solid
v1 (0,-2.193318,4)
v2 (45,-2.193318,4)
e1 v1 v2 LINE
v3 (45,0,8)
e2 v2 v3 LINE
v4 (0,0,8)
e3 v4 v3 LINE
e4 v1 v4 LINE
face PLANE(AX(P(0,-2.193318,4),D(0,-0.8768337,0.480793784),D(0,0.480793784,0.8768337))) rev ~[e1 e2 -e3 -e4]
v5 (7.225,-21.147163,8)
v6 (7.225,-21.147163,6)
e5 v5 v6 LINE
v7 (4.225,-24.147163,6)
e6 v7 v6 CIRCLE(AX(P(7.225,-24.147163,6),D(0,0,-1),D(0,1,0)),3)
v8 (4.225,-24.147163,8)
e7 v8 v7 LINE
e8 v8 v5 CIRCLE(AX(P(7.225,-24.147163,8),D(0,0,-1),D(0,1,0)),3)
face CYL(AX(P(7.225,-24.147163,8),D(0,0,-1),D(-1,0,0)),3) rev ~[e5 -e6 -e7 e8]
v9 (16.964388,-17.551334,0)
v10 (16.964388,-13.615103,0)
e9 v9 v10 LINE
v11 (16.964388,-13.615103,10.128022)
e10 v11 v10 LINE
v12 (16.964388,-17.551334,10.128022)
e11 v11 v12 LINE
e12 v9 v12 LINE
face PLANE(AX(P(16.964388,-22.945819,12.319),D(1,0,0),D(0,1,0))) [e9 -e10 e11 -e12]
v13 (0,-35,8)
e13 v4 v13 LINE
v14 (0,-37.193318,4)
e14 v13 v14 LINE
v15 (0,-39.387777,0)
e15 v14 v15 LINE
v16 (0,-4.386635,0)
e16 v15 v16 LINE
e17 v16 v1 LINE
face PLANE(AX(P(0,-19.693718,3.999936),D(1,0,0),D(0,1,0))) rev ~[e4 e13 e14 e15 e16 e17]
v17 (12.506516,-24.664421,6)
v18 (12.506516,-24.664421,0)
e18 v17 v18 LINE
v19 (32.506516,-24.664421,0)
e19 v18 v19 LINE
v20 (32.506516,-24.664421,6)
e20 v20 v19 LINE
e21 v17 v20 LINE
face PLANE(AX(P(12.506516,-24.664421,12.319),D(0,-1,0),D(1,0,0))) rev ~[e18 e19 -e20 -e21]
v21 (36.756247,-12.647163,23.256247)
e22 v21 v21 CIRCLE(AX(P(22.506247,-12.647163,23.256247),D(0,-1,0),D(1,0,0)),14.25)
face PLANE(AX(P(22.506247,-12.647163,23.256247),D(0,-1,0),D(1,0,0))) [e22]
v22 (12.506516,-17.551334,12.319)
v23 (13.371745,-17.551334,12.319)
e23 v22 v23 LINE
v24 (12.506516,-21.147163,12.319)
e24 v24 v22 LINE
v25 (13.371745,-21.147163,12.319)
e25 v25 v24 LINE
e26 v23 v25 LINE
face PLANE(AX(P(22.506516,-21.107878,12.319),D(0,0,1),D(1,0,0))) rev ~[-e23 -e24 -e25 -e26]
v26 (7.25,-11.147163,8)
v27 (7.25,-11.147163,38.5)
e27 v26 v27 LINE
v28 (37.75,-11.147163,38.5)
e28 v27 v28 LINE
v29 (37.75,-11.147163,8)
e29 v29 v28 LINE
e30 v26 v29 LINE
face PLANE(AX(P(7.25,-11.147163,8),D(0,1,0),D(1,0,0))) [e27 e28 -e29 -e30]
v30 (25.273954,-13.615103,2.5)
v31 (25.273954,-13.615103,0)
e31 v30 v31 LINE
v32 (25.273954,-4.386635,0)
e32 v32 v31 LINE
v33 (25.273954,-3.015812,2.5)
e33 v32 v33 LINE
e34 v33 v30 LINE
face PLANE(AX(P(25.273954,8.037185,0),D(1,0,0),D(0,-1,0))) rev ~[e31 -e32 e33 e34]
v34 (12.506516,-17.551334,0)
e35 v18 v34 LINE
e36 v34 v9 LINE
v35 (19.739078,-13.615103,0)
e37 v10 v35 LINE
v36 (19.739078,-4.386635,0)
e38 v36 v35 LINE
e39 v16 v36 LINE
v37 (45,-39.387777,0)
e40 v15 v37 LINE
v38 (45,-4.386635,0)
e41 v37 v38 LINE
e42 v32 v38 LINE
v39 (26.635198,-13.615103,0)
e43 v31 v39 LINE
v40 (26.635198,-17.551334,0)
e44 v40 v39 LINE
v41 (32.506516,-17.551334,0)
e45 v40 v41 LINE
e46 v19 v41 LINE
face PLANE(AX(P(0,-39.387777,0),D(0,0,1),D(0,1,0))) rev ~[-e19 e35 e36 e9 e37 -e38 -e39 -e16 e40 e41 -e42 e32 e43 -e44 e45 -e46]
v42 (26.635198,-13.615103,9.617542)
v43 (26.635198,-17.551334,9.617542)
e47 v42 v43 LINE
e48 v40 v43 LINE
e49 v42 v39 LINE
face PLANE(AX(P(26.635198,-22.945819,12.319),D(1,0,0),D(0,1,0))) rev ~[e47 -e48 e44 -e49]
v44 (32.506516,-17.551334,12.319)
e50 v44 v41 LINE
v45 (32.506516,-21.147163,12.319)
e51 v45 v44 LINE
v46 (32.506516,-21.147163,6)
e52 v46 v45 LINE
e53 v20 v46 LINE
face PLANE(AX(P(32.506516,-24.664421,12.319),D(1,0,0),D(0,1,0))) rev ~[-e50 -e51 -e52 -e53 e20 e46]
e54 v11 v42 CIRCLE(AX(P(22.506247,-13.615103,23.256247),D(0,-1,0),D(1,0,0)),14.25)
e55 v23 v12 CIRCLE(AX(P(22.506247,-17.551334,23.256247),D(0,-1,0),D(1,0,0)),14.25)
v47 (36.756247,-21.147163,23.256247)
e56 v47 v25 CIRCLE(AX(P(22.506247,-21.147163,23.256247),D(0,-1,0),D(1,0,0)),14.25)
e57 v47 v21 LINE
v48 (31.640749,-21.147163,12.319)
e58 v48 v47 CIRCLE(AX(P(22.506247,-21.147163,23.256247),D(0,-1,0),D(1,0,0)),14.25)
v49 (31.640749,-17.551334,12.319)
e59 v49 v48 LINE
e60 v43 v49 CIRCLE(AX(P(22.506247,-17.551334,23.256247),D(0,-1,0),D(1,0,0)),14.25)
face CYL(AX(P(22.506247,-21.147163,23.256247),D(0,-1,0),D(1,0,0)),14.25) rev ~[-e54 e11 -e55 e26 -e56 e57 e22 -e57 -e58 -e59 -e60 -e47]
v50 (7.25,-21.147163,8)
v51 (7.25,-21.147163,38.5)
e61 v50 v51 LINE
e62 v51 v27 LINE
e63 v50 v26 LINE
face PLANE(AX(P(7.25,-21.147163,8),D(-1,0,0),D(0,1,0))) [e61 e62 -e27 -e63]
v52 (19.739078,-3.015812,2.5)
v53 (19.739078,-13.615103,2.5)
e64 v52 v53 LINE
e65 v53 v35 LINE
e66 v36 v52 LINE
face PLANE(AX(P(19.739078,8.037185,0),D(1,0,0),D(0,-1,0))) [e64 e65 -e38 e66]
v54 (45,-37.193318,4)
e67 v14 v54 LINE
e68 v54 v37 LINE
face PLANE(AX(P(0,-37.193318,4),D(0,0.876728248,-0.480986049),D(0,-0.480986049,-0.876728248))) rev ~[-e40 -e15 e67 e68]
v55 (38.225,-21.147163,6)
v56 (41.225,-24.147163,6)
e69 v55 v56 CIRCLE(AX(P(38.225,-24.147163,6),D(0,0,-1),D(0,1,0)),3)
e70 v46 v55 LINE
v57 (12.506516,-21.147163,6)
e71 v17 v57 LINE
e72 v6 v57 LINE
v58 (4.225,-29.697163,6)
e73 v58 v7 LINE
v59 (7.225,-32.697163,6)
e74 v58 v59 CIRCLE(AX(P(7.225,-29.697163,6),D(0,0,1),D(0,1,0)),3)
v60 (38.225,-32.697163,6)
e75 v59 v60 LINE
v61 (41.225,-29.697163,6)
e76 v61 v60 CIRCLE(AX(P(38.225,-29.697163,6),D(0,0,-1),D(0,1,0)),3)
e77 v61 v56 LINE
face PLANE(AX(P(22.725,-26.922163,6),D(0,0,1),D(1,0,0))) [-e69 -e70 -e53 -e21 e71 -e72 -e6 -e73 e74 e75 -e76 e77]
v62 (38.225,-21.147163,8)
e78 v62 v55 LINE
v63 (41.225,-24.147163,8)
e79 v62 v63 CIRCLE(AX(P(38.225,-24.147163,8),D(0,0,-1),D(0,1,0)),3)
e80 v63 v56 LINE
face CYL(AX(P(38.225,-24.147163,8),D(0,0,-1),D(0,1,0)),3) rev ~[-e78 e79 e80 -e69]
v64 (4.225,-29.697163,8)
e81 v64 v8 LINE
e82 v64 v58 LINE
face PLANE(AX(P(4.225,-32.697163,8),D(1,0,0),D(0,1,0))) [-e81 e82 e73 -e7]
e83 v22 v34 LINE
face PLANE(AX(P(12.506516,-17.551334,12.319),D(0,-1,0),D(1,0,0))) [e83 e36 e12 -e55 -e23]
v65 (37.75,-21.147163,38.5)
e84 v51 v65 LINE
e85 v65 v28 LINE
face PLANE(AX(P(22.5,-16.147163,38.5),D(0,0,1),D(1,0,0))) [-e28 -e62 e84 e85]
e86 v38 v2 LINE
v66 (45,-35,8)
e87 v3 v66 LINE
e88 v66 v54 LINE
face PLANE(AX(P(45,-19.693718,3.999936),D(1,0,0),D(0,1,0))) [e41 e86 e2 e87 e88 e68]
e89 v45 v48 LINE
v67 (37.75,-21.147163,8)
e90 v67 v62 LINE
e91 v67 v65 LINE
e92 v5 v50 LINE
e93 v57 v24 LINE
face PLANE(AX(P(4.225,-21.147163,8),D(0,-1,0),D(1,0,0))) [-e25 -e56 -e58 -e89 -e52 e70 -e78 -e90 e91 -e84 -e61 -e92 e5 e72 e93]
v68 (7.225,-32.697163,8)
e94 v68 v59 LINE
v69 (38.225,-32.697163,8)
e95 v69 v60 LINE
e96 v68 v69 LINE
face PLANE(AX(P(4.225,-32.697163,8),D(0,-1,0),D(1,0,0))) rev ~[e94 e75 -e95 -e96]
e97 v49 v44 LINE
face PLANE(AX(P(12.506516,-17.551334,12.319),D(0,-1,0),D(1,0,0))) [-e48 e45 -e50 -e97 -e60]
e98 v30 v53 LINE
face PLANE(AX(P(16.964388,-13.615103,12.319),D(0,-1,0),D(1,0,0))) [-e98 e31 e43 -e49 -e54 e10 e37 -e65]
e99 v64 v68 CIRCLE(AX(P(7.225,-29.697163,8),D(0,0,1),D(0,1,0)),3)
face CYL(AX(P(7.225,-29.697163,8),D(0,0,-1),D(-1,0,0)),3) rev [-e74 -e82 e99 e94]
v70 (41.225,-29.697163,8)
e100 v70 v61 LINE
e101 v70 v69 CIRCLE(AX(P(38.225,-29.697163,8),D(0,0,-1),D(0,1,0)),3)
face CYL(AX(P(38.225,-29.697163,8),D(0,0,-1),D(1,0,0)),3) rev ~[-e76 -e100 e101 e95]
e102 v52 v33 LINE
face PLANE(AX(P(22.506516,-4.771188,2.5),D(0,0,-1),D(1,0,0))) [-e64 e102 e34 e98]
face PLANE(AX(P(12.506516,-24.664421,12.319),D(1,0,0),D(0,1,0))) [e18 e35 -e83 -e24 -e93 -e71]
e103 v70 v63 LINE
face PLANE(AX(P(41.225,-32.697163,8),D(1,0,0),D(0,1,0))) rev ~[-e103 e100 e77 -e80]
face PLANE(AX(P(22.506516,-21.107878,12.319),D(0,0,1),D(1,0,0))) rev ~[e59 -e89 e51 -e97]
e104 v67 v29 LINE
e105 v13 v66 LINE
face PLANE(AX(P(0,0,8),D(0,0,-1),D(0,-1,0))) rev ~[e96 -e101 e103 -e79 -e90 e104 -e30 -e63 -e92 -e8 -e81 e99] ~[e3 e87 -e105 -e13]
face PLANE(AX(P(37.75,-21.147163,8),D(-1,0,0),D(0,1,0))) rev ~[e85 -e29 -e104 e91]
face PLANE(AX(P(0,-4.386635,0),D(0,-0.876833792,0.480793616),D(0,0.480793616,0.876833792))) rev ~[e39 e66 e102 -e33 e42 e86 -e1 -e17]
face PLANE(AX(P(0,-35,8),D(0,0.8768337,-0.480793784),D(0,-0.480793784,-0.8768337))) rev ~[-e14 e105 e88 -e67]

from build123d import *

# Parameters (mm, degrees)
F1_DEPTH  = 45
F2_W      = 37
F2_H      = 11.55
F3_DEPTH  = 2
F4_R      = 3
F5_W      = 30.5
F5_H      = 10
F6_DEPTH  = 30.5
F7_R      = 14.25
F8_DEPTH  = 8.5
F10_W     = 20
F10_H     = 7.113087
F11_DEPTH = 25.4
F12_W     = 5.534876
F12_H     = 25.616745
F13_DEPTH = 2.5
F14_W     = 9.670809
F14_H     = 9.330716
F15_DEPTH = 25.4


with BuildPart() as f1:
    # F0 (on Right) → F1 (new body)
    with BuildSketch(Plane.YZ):
        Polygon((-35, 8), (-37.193318, 4), (-39.387777, 0), (-4.386635, 0), (-2.193318, 4), (0, 8), align=None)
    extrude(amount=F1_DEPTH)

    # F2 (on face) → F3 (cut)
    with BuildSketch(Plane.XY.offset(8)):
        with Locations((22.725, -26.922163)):
            Rectangle(F2_W, F2_H)
    extrude(amount=-F3_DEPTH, mode=Mode.SUBTRACT)

    # F4
    f4_edges = [f1.edges().sort_by_distance(p)[0] for p in [
        (4.225, -21.147163, 7),
        (4.225, -32.697163, 7),
        (41.225, -21.147163, 7),
        (41.225, -32.697163, 7),
    ]]
    fillet(f4_edges, radius=F4_R)

    # F5 (on face) → F6 (join)
    with BuildSketch(Plane.XY.offset(8)):
        with Locations((22.5, -16.147163)):
            Rectangle(F5_W, F5_H)
    extrude(amount=F6_DEPTH)

    # F7 (on face) → F8 (cut)
    with BuildSketch(Plane.XZ.offset(21.147163)):
        with Locations((22.506247, 23.256247)):
            Circle(F7_R)
    extrude(amount=-F8_DEPTH, mode=Mode.SUBTRACT)

    # F10 (on offset) → F11 (cut)
    with BuildSketch(Plane.XY.offset(12.319)):
        with Locations((22.506516, -21.107878)):
            Rectangle(F10_W, F10_H)
    extrude(amount=-F11_DEPTH, mode=Mode.SUBTRACT)

    # F12 (on face) → F13 (cut)
    with BuildSketch(Plane(origin=(0, 0, 0), x_dir=(1, 0, 0), z_dir=(0, 0, -1))):
        with Locations((22.506516, 4.771188)):
            Rectangle(F12_W, F12_H)
    extrude(amount=-F13_DEPTH, mode=Mode.SUBTRACT)

    # F14 (on offset) → F15 (cut)
    with BuildSketch(Plane.XY.offset(12.319)):
        with Locations((21.799793, -18.280461)):
            Rectangle(F14_W, F14_H)
    extrude(amount=-F15_DEPTH, mode=Mode.SUBTRACT)


solid = f1.part
